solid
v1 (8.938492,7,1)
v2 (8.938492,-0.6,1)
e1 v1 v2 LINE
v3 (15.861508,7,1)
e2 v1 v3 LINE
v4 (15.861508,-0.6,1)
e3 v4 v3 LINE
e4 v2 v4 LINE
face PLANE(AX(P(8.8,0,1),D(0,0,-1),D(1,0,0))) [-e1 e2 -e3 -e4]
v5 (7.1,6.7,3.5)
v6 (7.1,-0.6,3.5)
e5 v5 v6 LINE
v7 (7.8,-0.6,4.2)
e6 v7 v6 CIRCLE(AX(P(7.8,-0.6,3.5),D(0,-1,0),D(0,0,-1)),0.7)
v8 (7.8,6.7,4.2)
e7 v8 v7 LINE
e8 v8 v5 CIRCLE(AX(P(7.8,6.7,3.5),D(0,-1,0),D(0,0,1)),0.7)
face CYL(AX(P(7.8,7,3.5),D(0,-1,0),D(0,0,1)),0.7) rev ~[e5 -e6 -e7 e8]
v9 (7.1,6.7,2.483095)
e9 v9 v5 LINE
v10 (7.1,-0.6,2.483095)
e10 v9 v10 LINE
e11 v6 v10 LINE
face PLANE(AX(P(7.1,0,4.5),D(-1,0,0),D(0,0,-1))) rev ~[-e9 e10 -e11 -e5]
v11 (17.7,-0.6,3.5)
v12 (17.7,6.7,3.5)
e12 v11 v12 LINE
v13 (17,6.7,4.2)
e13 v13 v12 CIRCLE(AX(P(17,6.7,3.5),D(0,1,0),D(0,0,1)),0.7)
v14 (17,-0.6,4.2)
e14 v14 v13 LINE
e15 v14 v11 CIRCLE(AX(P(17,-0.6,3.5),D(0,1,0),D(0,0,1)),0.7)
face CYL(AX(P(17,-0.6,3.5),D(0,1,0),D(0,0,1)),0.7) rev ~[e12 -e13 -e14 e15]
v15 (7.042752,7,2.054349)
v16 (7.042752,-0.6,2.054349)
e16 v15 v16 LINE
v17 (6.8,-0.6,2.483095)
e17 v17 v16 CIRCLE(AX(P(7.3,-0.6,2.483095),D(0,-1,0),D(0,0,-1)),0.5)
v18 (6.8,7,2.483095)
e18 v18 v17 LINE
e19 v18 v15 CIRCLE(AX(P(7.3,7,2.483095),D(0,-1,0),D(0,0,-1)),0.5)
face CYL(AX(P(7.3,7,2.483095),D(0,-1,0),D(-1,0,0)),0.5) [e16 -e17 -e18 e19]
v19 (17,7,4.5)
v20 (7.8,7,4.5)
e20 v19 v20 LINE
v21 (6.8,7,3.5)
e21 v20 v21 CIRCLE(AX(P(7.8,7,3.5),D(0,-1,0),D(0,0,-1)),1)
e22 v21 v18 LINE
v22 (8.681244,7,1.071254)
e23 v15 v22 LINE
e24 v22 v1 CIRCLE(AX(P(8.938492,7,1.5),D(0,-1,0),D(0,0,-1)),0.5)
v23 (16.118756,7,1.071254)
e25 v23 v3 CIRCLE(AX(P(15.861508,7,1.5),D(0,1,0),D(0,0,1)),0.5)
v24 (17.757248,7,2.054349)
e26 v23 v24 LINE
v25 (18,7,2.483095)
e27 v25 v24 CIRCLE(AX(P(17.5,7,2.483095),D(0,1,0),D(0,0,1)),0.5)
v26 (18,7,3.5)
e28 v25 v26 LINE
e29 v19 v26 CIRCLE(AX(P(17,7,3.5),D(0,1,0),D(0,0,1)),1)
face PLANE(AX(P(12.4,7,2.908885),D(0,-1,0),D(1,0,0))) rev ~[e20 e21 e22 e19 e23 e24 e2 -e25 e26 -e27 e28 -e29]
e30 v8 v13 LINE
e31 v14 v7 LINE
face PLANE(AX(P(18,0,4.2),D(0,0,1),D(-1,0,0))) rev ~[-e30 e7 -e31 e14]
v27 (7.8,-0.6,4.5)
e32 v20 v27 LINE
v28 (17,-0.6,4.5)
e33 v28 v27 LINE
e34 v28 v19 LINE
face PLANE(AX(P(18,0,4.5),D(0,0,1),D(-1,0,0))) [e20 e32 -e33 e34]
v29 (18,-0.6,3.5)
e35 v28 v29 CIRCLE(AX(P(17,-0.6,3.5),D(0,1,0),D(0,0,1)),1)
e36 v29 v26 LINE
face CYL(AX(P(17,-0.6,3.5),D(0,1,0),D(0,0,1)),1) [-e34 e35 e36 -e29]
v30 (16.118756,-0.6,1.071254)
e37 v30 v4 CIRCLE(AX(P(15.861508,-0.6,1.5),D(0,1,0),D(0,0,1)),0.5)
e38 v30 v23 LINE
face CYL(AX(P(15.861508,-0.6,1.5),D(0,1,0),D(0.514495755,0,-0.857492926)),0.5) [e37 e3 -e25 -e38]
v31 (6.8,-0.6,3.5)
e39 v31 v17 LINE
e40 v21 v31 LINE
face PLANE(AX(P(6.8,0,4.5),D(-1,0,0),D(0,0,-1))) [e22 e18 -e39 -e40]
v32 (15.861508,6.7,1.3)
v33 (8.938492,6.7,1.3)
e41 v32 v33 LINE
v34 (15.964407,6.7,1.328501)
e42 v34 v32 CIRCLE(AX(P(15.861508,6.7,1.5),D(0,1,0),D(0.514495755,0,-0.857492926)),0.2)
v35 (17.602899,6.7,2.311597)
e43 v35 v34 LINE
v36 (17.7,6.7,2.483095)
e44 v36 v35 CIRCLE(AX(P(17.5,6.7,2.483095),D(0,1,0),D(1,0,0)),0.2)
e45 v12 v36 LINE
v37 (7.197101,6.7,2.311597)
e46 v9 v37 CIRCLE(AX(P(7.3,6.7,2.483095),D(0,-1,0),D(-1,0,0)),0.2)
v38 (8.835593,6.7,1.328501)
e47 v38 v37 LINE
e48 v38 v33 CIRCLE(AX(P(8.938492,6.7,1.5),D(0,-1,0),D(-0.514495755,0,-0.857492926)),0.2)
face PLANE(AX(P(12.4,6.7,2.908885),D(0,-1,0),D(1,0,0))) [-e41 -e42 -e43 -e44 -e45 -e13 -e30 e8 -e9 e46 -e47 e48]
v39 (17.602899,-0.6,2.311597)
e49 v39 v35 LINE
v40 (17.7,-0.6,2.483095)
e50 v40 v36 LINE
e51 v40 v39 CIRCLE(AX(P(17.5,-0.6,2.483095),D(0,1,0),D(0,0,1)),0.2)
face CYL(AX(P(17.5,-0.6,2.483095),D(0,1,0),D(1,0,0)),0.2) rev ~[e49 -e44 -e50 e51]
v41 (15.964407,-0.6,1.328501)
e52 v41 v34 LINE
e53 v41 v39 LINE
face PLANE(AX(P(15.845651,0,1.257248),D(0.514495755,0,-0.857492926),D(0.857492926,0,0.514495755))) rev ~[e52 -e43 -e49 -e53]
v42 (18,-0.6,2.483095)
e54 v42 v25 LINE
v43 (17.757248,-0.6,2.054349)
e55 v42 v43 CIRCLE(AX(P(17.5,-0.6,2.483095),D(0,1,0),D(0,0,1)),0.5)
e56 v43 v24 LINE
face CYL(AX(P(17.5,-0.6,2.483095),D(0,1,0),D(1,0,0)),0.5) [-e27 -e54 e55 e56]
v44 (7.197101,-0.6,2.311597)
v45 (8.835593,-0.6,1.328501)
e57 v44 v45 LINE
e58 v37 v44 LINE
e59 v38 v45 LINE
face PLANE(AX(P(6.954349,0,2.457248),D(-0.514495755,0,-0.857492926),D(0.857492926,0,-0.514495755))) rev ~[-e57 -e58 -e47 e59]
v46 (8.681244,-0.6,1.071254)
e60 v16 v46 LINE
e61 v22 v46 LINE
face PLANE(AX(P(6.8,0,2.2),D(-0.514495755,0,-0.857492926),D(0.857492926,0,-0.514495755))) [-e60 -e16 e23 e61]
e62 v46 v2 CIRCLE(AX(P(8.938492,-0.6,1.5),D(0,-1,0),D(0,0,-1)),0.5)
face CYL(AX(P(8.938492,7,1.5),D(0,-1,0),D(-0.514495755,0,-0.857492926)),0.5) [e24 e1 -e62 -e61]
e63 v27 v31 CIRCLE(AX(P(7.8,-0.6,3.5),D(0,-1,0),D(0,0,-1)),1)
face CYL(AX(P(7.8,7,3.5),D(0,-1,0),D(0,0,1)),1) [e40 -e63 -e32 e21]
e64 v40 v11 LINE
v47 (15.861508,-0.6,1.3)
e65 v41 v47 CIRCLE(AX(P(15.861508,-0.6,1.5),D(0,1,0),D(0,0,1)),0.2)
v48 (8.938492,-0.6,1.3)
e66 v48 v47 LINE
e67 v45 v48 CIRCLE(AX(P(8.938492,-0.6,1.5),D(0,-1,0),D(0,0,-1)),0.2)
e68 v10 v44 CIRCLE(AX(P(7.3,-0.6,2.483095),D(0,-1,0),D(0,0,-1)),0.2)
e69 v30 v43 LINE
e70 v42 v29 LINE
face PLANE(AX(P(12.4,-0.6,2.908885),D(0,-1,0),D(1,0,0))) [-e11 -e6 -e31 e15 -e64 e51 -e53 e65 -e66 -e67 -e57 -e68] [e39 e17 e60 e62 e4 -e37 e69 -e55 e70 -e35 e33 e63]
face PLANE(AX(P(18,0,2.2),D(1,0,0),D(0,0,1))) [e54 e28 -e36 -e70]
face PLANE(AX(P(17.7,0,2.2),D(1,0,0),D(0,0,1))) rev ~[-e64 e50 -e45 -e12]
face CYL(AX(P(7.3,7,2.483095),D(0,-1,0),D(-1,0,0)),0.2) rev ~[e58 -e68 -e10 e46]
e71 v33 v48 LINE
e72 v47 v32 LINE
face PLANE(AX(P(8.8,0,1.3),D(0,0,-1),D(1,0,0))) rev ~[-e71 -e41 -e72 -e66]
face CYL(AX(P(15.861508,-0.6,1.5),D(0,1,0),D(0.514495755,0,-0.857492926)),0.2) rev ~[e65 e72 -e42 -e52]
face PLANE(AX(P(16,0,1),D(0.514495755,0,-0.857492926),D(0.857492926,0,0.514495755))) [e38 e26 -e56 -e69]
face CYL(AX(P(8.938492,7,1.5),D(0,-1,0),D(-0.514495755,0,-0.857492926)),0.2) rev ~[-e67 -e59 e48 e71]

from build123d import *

# Parameters (mm, degrees)
PAD004_DEPTH      = 0.6
PAD004_DEPTH_BACK = 7
FILLET001_R       = 1
FILLET002_R       = 0.5
THICKNESS002_T    = -0.3


with BuildPart() as part:
    # Sketch006 (on Face1 of ReferenceLinearPattern004) → Pad004 (new body, two sides)
    with BuildSketch(Plane.XZ) as pad004_sk:
        Polygon((18, 4.5), (6.8, 4.5), (6.8, 2.2), (8.8, 1), (16, 1), (18, 2.2), align=None)
    extrude(amount=PAD004_DEPTH)
    extrude(pad004_sk.sketch, amount=-PAD004_DEPTH_BACK)

    # Fillet001
    fillet001_edges = [part.edges().sort_by_distance(p)[0] for p in [
        (6.8, 3.2, 4.5),
        (18, 3.2, 4.5),
    ]]
    fillet(fillet001_edges, radius=FILLET001_R)

    # Fillet002
    fillet002_edges = [part.edges().sort_by_distance(p)[0] for p in [
        (6.8, 3.2, 2.2),
        (8.8, 3.2, 1),
        (16, 3.2, 1),
        (18, 3.2, 2.2),
    ]]
    fillet(fillet002_edges, radius=FILLET002_R)

    # Thickness002
    thickness002_openings = [part.faces().sort_by_distance(p)[0] for p in [
        (12.4, -0.6, 2.821651),
    ]]
    offset(amount=THICKNESS002_T, openings=thickness002_openings)


solid = part.part
